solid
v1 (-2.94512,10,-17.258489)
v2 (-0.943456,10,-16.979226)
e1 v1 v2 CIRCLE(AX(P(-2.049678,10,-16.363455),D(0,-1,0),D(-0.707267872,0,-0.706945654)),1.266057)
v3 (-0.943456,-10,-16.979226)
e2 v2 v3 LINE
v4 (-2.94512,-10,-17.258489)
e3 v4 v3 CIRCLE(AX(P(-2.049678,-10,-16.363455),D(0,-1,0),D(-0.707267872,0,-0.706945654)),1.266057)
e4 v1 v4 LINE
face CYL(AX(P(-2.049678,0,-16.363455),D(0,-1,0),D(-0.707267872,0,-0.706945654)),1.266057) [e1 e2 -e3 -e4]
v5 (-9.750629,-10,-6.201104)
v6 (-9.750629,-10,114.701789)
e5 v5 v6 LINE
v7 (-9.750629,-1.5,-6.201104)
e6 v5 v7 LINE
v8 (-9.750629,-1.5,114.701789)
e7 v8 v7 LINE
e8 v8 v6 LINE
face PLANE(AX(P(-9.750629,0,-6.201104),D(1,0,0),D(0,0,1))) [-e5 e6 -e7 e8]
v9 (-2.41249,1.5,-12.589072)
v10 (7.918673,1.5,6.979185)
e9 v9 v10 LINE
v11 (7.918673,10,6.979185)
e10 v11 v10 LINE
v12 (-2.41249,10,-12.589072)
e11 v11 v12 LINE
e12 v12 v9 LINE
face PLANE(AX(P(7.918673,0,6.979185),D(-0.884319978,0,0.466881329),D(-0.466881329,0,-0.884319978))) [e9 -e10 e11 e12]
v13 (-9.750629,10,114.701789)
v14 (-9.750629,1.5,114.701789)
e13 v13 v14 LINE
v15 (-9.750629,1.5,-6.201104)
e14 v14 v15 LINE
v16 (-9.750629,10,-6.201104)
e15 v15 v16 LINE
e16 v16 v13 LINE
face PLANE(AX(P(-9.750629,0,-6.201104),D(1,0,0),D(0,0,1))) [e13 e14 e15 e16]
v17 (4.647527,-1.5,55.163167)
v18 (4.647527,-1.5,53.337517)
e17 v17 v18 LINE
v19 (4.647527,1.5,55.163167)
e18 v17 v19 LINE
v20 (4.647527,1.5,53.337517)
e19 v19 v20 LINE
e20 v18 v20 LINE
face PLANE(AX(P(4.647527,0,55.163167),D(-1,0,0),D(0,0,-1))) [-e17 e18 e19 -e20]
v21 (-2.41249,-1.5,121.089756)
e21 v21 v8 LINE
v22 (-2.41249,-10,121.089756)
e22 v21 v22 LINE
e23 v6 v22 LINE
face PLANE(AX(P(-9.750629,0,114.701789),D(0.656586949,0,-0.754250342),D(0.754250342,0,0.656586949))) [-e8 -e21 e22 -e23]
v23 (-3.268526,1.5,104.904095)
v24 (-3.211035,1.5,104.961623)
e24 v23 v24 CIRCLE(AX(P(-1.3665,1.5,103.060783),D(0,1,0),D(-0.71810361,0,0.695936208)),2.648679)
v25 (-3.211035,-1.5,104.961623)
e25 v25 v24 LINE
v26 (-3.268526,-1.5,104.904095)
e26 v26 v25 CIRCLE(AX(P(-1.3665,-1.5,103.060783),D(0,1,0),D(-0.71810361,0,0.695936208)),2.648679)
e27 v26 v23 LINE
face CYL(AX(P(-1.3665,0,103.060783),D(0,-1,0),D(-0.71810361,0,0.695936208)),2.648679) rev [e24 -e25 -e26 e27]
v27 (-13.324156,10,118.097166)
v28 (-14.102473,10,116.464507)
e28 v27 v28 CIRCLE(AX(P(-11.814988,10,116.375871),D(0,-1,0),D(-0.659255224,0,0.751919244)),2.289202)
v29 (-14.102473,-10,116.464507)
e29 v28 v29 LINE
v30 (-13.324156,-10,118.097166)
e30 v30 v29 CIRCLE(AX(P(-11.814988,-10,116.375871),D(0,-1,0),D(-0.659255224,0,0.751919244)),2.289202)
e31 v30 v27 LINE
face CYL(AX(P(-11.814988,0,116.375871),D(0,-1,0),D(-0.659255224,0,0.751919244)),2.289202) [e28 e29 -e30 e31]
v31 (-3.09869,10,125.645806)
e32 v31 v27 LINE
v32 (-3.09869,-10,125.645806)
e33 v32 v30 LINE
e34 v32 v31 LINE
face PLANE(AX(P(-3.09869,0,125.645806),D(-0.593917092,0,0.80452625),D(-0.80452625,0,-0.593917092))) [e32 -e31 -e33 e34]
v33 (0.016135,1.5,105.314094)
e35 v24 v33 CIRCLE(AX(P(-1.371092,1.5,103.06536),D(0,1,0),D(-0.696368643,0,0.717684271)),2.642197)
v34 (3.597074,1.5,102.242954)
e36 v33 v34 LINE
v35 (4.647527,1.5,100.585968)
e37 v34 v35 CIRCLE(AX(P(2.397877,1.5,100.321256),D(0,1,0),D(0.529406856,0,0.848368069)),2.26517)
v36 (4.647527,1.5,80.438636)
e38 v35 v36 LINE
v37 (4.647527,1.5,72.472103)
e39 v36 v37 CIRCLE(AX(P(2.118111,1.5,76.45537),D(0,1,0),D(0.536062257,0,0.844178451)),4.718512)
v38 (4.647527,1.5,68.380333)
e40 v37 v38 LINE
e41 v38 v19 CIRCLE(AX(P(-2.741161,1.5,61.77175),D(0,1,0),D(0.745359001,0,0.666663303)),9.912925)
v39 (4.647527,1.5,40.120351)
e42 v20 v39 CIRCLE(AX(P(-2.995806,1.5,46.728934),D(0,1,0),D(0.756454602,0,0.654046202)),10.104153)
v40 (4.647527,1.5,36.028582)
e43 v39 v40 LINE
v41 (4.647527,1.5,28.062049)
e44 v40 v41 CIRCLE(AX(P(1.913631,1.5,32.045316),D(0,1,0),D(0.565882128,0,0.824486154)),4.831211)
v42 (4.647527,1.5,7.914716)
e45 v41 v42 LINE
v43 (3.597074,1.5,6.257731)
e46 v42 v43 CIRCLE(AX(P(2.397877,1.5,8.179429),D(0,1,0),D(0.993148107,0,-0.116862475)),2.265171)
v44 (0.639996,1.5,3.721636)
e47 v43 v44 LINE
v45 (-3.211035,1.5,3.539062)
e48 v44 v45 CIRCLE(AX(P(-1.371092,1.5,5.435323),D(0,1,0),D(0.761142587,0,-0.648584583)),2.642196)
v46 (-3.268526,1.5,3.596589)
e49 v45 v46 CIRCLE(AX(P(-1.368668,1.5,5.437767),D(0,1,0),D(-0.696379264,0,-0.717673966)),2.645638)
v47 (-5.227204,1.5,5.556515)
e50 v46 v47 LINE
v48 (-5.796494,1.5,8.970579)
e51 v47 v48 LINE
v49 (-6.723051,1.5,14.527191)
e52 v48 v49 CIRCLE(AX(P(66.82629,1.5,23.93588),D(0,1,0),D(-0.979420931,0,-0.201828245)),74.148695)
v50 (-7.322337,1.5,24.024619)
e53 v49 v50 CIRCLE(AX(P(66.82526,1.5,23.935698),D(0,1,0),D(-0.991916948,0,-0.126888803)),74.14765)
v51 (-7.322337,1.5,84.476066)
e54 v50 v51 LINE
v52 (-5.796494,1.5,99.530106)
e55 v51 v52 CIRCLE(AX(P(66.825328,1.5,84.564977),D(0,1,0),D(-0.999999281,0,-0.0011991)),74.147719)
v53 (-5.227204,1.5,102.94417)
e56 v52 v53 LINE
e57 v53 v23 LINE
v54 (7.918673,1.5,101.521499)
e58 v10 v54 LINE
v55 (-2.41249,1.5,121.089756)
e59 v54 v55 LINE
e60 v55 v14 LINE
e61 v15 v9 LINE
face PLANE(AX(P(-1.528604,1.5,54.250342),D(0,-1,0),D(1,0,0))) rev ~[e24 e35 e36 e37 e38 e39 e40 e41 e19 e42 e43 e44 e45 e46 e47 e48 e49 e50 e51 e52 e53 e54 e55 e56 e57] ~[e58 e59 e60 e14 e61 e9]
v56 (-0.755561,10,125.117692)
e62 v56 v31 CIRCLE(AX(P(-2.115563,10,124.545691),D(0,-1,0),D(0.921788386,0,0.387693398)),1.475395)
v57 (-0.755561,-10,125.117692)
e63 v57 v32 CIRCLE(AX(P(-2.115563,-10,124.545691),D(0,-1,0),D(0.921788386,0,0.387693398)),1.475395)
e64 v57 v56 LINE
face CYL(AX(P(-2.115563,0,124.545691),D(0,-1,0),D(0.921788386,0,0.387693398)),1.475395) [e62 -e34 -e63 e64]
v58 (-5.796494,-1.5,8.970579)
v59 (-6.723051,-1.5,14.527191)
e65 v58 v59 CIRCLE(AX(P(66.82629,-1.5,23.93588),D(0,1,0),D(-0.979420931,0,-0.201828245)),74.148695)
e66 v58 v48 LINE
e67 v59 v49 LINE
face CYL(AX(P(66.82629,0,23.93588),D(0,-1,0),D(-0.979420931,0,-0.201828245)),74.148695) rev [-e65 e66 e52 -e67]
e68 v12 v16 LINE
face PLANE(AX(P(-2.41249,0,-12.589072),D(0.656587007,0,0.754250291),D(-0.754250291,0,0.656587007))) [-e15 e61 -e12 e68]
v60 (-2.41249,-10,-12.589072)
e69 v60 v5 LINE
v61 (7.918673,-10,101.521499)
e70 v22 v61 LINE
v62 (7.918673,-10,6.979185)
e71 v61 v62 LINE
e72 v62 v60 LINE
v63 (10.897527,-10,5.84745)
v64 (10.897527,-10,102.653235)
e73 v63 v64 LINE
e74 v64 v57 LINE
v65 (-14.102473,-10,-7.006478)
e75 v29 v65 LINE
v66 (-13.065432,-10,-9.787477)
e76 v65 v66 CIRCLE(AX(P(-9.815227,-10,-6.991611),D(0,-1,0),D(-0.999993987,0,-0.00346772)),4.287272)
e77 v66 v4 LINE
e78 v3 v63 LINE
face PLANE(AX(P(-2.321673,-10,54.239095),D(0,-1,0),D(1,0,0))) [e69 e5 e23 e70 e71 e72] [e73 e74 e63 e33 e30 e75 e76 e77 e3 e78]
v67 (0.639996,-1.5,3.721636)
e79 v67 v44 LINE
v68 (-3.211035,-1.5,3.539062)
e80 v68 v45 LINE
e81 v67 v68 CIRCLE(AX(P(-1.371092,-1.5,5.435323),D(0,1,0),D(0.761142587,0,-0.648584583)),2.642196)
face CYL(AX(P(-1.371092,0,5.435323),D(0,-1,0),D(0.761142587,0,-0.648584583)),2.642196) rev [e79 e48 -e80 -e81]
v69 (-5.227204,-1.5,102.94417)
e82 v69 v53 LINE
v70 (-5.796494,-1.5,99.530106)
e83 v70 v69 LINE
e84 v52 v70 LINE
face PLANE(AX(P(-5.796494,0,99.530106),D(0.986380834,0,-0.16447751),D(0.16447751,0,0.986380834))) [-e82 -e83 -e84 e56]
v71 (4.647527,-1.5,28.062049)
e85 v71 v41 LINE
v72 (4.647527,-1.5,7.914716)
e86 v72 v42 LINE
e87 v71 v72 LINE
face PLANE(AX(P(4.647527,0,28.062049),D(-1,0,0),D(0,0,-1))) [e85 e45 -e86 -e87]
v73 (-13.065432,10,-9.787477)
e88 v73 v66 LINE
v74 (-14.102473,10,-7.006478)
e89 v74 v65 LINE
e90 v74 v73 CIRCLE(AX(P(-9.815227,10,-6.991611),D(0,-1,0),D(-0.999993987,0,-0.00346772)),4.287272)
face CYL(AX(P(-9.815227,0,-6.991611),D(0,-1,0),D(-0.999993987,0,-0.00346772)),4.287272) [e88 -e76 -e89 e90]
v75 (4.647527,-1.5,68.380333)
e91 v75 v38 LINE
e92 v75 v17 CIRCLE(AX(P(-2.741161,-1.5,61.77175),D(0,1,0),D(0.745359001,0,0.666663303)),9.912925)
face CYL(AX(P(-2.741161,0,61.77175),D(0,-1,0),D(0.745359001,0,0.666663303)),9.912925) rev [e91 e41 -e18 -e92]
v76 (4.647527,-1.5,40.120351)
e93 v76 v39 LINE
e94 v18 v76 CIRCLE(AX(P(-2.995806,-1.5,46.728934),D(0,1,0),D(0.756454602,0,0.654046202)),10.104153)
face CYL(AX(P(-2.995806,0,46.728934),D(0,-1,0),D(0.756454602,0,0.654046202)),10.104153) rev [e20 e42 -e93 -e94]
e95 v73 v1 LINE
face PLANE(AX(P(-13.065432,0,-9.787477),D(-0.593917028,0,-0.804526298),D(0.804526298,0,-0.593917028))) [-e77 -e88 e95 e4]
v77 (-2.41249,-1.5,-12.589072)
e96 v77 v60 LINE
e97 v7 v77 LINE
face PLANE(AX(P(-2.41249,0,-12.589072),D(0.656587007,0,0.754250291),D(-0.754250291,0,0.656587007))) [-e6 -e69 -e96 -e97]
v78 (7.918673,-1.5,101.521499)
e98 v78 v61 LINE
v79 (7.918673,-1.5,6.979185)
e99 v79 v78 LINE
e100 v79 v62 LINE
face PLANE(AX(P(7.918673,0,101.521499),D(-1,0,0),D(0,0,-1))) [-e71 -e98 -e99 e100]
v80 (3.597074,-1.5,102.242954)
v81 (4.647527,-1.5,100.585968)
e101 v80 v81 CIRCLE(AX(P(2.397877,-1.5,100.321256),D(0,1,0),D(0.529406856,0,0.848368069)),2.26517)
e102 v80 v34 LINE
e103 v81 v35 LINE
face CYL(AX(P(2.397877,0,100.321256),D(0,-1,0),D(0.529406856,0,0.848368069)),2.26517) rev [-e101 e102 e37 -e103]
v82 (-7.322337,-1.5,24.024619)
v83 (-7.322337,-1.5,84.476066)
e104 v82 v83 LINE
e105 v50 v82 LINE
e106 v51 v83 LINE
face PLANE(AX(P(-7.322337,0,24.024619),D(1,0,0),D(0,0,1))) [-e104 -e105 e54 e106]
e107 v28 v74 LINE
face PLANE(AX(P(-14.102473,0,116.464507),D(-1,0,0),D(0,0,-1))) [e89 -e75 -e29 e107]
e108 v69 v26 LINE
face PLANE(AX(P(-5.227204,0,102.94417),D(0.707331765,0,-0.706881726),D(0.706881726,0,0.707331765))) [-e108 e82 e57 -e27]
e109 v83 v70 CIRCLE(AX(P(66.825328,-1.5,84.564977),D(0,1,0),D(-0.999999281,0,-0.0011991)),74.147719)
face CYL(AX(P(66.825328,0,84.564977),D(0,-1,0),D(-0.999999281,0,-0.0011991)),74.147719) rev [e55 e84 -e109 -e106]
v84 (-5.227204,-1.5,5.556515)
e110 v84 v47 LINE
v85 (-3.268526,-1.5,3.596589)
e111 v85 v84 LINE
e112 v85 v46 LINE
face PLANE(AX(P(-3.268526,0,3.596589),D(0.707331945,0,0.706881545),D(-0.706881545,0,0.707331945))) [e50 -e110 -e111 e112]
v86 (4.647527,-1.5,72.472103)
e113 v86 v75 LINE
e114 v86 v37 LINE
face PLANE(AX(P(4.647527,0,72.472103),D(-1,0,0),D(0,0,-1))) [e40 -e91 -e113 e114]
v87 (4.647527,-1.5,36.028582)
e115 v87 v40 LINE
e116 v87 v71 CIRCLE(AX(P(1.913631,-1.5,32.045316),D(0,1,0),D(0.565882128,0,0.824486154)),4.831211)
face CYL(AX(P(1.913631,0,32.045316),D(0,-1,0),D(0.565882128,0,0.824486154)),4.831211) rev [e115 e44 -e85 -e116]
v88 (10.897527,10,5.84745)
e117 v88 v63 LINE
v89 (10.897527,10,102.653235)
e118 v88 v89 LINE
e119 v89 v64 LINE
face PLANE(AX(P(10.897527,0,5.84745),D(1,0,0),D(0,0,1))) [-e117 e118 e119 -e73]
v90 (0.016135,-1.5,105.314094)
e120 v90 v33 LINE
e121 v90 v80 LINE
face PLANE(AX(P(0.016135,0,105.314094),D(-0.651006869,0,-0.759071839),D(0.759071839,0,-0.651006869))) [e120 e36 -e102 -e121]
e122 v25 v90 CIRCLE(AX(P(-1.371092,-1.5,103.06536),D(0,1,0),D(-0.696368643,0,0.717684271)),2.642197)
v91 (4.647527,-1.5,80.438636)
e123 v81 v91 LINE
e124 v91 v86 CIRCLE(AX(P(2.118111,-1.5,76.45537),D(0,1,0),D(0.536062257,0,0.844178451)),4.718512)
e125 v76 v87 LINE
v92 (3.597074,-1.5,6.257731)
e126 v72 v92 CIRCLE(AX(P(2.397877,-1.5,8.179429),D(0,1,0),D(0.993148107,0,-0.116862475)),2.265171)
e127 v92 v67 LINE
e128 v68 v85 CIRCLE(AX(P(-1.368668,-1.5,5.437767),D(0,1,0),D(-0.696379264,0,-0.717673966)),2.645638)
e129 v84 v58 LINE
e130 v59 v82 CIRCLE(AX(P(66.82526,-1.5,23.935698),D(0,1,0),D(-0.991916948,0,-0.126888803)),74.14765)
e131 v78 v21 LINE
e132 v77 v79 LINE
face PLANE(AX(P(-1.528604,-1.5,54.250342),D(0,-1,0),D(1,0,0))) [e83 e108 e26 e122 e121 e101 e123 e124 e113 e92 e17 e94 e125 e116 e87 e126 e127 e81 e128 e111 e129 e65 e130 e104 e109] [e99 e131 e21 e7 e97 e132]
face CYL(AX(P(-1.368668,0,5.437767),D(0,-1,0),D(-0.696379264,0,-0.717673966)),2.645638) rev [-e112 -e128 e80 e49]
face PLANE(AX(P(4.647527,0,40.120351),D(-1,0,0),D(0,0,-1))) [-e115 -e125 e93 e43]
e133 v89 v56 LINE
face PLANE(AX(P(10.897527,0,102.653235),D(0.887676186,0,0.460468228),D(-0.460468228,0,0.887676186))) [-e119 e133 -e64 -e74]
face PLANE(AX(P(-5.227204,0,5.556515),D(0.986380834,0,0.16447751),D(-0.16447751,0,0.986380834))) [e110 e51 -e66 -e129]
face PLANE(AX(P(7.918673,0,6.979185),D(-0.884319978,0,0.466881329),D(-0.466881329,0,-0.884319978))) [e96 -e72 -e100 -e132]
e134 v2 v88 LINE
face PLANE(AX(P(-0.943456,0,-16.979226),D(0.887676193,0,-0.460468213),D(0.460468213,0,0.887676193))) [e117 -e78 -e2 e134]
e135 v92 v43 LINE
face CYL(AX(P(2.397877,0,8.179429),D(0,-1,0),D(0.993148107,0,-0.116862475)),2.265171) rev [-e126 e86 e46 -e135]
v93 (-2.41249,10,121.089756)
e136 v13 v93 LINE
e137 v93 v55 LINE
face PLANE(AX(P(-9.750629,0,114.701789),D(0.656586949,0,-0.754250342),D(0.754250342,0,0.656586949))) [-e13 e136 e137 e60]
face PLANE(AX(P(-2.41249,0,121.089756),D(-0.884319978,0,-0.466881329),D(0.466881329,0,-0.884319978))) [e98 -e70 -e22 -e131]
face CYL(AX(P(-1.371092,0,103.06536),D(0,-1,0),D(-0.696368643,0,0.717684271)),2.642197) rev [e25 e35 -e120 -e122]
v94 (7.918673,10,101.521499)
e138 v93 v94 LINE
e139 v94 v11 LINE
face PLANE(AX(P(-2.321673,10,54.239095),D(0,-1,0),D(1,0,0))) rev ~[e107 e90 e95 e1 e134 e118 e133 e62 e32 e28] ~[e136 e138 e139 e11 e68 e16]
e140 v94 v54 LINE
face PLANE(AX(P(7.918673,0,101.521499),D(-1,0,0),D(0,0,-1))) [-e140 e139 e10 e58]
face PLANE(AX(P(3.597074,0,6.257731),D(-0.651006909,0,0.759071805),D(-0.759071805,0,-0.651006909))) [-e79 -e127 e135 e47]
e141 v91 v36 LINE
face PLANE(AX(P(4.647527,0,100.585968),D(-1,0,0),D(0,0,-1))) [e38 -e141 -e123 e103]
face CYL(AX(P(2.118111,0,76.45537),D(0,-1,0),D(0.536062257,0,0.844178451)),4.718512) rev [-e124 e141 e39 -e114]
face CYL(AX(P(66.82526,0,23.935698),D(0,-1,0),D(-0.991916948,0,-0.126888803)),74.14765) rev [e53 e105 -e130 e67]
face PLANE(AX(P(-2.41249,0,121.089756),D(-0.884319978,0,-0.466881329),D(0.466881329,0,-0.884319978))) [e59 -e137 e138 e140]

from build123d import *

# Parameters (mm, degrees)
F1_DEPTH      = 10
F1_DEPTH_BACK = 10
F2_DEPTH      = 1.5
F2_DEPTH_BACK = 1.5


with BuildPart() as f1:
    # F0 (on Front) → F1 (new body, two sides)
    with BuildSketch(Plane.XZ) as f1_sk:
        with BuildLine():
            ThreePointArc((-13.324156, 118.097166), (-13.881395, 117.360963), (-14.102473, 116.464507))
            Line((-14.102473, 116.464507), (-14.102473, -7.006478))
            ThreePointArc((-14.102473, -7.006478), (-13.832288, -8.489583), (-13.065432, -9.787477))
            Line((-13.065432, -9.787477), (-2.94512, -17.258489))
            ThreePointArc((-2.94512, -17.258489), (-1.874738, -17.617368), (-0.943456, -16.979226))
            Line((-0.943456, -16.979226), (10.897527, 5.84745))
            Line((10.897527, 5.84745), (10.897527, 102.653235))
            Line((10.897527, 102.653235), (-0.755561, 125.117692))
            ThreePointArc((-0.755561, 125.117692), (-1.791163, 125.984981), (-3.09869, 125.645806))
            Line((-3.09869, 125.645806), (-13.324156, 118.097166))
        make_face()
        Polygon((-9.750629, 114.701789), (-2.41249, 121.089756), (7.918673, 101.521499), (7.918673, 54.250342), (7.918673, 6.979185), (-2.41249, -12.589072), (-9.750629, -6.201104), (-9.750629, 54.250342), align=None, mode=Mode.SUBTRACT)
    extrude(amount=F1_DEPTH)
    extrude(f1_sk.sketch, amount=-F1_DEPTH_BACK)

    # F0 (on Front) → F2 (join, two sides)
    with BuildSketch(Plane.XZ) as f2_sk:
        Polygon((7.918673, 101.521499), (-2.41249, 121.089756), (-9.750629, 114.701789), (-9.750629, 54.250342), (-9.750629, -6.201104), (-2.41249, -12.589072), (7.918673, 6.979185), (7.918673, 54.250342), align=None)
        with BuildLine():
            Line((-7.322337, 24.024619), (-7.322337, 54.250342))
            Line((-7.322337, 54.250342), (-7.322337, 84.476066))
            ThreePointArc((-7.322337, 84.476066), (-6.944426, 92.04211), (-5.796494, 99.530106))
            Line((-5.796494, 99.530106), (-5.227204, 102.94417))
            Line((-5.227204, 102.94417), (-3.268526, 104.904095))
            ThreePointArc((-3.268526, 104.904095), (-3.240001, 104.93308), (-3.211035, 104.961623))
            ThreePointArc((-3.211035, 104.961623), (-1.657966, 105.691937), (0.016135, 105.314094))
            Line((0.016135, 105.314094), (3.597074, 102.242954))
            ThreePointArc((3.597074, 102.242954), (4.310999, 101.534088), (4.647527, 100.585968))
            Line((4.647527, 100.585968), (4.647527, 95.035076))
            Line((4.647527, 95.035076), (4.647527, 93.249116))
            Line((4.647527, 93.249116), (4.647527, 83.456136))
            Line((4.647527, 83.456136), (4.647527, 80.438636))
            ThreePointArc((4.647527, 80.438636), (6.836623, 76.45537), (4.647527, 72.472103))
            Line((4.647527, 72.472103), (4.647527, 68.380333))
            ThreePointArc((4.647527, 68.380333), (7.171764, 61.77175), (4.647527, 55.163167))
            Line((4.647527, 55.163167), (4.647527, 54.250342))
            Line((4.647527, 54.250342), (4.647527, 53.337517))
            ThreePointArc((4.647527, 53.337517), (7.108347, 46.728934), (4.647527, 40.120351))
            Line((4.647527, 40.120351), (4.647527, 36.028582))
            ThreePointArc((4.647527, 36.028582), (6.744842, 32.045315), (4.647527, 28.062049))
            Line((4.647527, 28.062049), (4.647527, 25.044549))
            Line((4.647527, 25.044549), (4.647527, 15.251569))
            Line((4.647527, 15.251569), (4.647527, 13.465609))
            Line((4.647527, 13.465609), (4.647527, 7.914716))
            ThreePointArc((4.647527, 7.914716), (4.310999, 6.966597), (3.597074, 6.257731))
            Line((3.597074, 6.257731), (0.639996, 3.721636))
            ThreePointArc((0.639996, 3.721636), (-1.245968, 2.796092), (-3.211035, 3.539062))
            ThreePointArc((-3.211035, 3.539062), (-3.240001, 3.567604), (-3.268526, 3.596589))
            Line((-3.268526, 3.596589), (-5.227204, 5.556515))
            Line((-5.227204, 5.556515), (-5.796494, 8.970579))
            ThreePointArc((-5.796494, 8.970579), (-6.312561, 11.740083), (-6.723051, 14.527191))
            ThreePointArc((-6.723051, 14.527191), (-7.175217, 19.266281), (-7.322337, 24.024619))
        make_face(mode=Mode.SUBTRACT)
    extrude(amount=F2_DEPTH)
    extrude(f2_sk.sketch, amount=-F2_DEPTH_BACK)


solid = f1.part
